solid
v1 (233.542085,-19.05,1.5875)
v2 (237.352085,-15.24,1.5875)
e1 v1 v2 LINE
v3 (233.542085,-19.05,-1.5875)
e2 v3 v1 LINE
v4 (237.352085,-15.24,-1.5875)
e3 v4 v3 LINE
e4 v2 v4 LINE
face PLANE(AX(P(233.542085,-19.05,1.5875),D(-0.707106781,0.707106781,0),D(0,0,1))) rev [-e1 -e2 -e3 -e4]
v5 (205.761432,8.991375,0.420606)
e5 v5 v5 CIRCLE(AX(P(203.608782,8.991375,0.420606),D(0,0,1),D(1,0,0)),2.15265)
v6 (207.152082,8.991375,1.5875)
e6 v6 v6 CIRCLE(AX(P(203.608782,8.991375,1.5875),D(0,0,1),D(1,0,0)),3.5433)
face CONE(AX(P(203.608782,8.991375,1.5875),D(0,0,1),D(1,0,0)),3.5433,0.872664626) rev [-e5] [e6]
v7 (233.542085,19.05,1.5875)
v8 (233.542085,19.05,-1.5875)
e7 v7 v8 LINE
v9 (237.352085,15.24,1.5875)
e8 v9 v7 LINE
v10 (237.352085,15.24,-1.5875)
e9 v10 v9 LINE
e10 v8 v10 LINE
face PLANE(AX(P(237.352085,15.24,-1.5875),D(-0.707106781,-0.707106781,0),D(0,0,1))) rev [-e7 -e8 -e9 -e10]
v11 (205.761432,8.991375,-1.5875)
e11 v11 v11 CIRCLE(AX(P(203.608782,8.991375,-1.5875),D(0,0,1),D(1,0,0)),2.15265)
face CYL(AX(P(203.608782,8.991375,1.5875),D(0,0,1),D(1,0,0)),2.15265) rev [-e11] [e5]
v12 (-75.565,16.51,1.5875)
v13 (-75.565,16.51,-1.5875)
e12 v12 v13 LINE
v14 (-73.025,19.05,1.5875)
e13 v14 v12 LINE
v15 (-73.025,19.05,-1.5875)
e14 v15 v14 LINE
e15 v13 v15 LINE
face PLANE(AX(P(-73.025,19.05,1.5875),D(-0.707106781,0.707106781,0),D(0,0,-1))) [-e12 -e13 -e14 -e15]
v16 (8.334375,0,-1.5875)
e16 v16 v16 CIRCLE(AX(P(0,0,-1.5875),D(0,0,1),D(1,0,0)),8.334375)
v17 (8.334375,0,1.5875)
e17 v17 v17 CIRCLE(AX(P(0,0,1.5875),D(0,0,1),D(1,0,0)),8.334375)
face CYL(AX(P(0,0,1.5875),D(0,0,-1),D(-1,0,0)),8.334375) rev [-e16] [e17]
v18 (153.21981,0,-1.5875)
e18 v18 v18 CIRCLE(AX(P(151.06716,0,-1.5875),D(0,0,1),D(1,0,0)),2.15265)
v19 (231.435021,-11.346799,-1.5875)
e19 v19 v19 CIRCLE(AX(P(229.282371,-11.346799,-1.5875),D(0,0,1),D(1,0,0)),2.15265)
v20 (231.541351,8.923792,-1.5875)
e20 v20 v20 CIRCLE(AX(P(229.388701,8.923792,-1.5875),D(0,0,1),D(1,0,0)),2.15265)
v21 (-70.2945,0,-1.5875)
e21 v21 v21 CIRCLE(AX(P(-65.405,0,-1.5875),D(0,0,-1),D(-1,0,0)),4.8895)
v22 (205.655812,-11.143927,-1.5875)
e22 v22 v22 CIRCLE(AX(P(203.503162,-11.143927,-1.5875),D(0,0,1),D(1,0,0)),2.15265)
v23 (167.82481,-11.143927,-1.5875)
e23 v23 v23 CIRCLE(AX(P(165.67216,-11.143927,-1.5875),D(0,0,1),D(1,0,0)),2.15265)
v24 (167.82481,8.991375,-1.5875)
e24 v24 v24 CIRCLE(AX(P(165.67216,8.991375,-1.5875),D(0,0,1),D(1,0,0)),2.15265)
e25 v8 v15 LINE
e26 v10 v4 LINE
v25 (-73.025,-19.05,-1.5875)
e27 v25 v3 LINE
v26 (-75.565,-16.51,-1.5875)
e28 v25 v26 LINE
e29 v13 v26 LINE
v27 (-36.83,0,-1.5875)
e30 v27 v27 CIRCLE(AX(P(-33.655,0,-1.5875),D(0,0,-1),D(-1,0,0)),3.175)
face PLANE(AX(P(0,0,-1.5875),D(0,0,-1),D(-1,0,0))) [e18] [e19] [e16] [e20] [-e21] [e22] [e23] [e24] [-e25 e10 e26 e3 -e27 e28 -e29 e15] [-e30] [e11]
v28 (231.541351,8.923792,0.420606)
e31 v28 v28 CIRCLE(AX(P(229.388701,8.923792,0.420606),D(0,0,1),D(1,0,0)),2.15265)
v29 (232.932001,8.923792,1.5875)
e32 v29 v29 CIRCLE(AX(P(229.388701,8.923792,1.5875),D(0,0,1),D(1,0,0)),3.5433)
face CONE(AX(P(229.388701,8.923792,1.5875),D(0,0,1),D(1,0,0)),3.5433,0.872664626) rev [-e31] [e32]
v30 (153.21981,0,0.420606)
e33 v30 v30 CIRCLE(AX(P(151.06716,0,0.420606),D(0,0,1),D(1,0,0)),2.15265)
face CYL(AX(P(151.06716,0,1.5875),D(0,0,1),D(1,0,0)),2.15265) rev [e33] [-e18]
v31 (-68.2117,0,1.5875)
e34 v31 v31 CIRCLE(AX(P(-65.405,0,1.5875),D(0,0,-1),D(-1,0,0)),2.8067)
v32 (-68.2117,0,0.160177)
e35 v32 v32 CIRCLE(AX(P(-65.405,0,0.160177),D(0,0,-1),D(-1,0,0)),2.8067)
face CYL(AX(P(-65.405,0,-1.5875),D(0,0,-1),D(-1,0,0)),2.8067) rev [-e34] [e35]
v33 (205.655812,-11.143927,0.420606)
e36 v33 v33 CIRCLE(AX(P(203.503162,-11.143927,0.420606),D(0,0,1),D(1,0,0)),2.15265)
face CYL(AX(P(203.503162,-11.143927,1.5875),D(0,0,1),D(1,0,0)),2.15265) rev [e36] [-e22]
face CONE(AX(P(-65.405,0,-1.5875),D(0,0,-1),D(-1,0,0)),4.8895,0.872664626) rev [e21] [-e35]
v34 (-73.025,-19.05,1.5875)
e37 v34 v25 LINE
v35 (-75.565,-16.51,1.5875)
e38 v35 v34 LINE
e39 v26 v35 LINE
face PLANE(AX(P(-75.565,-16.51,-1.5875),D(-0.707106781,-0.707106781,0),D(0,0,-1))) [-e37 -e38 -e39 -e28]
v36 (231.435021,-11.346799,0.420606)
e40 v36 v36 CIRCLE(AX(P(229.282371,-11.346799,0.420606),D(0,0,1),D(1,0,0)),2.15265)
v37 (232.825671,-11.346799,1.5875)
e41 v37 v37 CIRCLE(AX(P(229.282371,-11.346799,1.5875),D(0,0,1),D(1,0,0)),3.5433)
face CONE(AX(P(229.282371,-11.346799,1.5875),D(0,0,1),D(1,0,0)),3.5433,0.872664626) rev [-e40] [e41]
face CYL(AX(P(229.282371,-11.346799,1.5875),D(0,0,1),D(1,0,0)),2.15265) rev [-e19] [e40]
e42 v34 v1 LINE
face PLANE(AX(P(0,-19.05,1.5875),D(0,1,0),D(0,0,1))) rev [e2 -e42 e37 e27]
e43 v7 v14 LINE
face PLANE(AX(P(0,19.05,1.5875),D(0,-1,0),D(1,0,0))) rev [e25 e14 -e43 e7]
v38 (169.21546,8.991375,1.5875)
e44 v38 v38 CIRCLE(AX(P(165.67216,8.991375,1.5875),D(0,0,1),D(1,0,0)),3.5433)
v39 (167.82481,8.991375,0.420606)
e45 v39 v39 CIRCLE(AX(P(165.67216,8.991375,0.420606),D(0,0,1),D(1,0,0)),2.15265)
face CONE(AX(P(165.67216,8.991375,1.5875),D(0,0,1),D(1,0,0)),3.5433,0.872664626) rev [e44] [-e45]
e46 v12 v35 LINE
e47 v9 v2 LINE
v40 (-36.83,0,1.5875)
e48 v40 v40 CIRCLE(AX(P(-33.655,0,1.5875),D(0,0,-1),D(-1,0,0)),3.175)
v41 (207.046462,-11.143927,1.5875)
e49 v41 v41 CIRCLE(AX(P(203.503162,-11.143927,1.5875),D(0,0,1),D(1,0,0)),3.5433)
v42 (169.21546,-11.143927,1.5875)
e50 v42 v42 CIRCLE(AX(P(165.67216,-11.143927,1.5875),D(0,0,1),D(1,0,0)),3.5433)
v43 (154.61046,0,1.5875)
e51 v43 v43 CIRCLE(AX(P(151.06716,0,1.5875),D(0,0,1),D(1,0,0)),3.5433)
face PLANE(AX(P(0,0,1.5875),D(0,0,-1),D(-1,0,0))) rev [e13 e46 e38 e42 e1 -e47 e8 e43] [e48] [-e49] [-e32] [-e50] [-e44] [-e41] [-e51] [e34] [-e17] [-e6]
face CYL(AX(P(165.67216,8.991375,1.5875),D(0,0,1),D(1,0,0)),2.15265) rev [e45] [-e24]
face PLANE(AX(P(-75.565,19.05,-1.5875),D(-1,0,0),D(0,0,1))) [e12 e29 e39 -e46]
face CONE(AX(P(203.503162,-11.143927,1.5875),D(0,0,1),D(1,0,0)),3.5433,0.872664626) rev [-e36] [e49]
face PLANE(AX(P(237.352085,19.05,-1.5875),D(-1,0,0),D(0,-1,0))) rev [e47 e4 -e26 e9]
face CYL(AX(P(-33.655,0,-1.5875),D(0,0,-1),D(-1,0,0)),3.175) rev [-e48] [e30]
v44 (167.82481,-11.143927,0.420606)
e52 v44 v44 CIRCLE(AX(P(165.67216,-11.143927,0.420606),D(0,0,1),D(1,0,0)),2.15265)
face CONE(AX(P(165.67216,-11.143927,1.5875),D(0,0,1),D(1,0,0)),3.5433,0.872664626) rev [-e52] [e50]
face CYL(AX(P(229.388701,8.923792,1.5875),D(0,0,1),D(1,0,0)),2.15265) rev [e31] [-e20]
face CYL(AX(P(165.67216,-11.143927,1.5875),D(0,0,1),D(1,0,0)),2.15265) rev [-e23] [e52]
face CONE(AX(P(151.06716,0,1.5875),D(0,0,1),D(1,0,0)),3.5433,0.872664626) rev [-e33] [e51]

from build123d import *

# Parameters (mm, degrees)
SKETCH1_R                                         = 8.334375
BOSS_EXTRUDE1_DEPTH                               = 1.5875
F_6_CLEARANCE_HOLE3_D                             = 4.3053
CUT_EXTRUDE1_DEPTH                                = 4.175
CHAMFER1_SIZE                                     = 3.81
CSK_FOR_6_FLAT_HEAD_MACHINE_SCREW_100_D           = 4.3053
CSK_FOR_6_FLAT_HEAD_MACHINE_SCREW_100_CSINK_D     = 7.0866
CSK_FOR_6_FLAT_HEAD_MACHINE_SCREW_100_CSINK_ANGLE = 100
SKETCH14_W                                        = 50.8
SKETCH14_H                                        = 38.1
BOSS_EXTRUDE2_DEPTH                               = 3.175
CHAMFER2_SIZE                                     = 2.54
F_1_4_0_25_DIAMETER_HOLE1_D                       = 6.35


with BuildPart() as part:
    # Sketch1 → Boss-Extrude1 (new body, symmetric)
    with BuildSketch(Plane.XY):
        Polygon((0, 19.05), (-28.575, 19.05), (-28.575, -19.05), (0, -19.05), (247.281942035, -19.05), (254, 19.05), align=None)
        Circle(SKETCH1_R, mode=Mode.SUBTRACT)
    extrude(amount=BOSS_EXTRUDE1_DEPTH, both=True)

    # #6 Clearance Hole3 (through all)
    with Locations(Plane.XY.offset(1.5875)):
        with Locations((229.388701471, 8.923791784), (229.282371239, -11.346798968), (203.503161764, -11.143926969), (203.608782335, 8.991375351), (165.672159691, 8.991375351), (165.672159691, -11.143926969), (151.067159691, 0)):
            Hole(F_6_CLEARANCE_HOLE3_D / 2)

    # Sketch9 → Cut-Extrude1 (cut, through all)
    with BuildSketch(Plane.XY.offset(1.5875)):
        Polygon((254, 19.05), (247.281942035, -19.05), (237.352085197, -19.05), (237.352085197, 19.05), align=None)
    extrude(amount=-CUT_EXTRUDE1_DEPTH, mode=Mode.SUBTRACT)

    # Chamfer1
    chamfer1_edges = [part.edges().sort_by_distance(p)[0] for p in [
        (-28.575, -19.05, 0),
        (-28.575, 19.05, 0),
        (237.352085197, 19.05, 0),
        (237.352085197, -19.05, 0),
    ]]
    chamfer(chamfer1_edges, length=CHAMFER1_SIZE)

    # CSK for #6 Flat Head Machine Screw (100)2 (through all)
    with Locations(Plane.XY.offset(1.5875)):
        with Locations((203.608782335, 8.991375351), (203.503161764, -11.143926969), (229.282371239, -11.346798968), (229.388701471, 8.923791784), (165.672159691, 8.991375351), (165.672159691, -11.143926969), (151.067159691, 0)):
            CounterSinkHole(CSK_FOR_6_FLAT_HEAD_MACHINE_SCREW_100_D / 2, CSK_FOR_6_FLAT_HEAD_MACHINE_SCREW_100_CSINK_D / 2, counter_sink_angle=CSK_FOR_6_FLAT_HEAD_MACHINE_SCREW_100_CSINK_ANGLE)

    # Sketch14 → Boss-Extrude2 (add, through all)
    with BuildSketch(Plane.XY.offset(1.5875)):
        with Locations((-50.165, 0)):
            Rectangle(SKETCH14_W, SKETCH14_H)
    extrude(amount=-BOSS_EXTRUDE2_DEPTH)

    # Chamfer2
    chamfer2_edges = [part.edges().sort_by_distance(p)[0] for p in [
        (-75.565, -19.05, 0),
        (-75.565, 19.05, 0),
    ]]
    chamfer(chamfer2_edges, length=CHAMFER2_SIZE)

    # Sketch16 → CSK for #10 Flat Head Machine Screw (100)1 (revolve, cut)
    with BuildSketch(Plane(origin=(-65.405, 0, -1.5875), x_dir=(0, 1, 0), z_dir=(1, 0, 0))):
        Polygon((0, 0), (0, 3.175), (2.8067, 3.175), (2.8067, 1.747676712), (4.8895, 0), align=None)
    revolve(axis=Axis((-65.405, 0, -7.9375), (0, 0, 1)), mode=Mode.SUBTRACT)

    # 1/4 (0.25) Diameter Hole1 (through all)
    with Locations(Plane(origin=(0, 0, -1.5875), x_dir=(-1, 0, 0), z_dir=(0, 0, -1))):
        with Locations((33.655, 0)):
            Hole(F_1_4_0_25_DIAMETER_HOLE1_D / 2)


solid = part.part
